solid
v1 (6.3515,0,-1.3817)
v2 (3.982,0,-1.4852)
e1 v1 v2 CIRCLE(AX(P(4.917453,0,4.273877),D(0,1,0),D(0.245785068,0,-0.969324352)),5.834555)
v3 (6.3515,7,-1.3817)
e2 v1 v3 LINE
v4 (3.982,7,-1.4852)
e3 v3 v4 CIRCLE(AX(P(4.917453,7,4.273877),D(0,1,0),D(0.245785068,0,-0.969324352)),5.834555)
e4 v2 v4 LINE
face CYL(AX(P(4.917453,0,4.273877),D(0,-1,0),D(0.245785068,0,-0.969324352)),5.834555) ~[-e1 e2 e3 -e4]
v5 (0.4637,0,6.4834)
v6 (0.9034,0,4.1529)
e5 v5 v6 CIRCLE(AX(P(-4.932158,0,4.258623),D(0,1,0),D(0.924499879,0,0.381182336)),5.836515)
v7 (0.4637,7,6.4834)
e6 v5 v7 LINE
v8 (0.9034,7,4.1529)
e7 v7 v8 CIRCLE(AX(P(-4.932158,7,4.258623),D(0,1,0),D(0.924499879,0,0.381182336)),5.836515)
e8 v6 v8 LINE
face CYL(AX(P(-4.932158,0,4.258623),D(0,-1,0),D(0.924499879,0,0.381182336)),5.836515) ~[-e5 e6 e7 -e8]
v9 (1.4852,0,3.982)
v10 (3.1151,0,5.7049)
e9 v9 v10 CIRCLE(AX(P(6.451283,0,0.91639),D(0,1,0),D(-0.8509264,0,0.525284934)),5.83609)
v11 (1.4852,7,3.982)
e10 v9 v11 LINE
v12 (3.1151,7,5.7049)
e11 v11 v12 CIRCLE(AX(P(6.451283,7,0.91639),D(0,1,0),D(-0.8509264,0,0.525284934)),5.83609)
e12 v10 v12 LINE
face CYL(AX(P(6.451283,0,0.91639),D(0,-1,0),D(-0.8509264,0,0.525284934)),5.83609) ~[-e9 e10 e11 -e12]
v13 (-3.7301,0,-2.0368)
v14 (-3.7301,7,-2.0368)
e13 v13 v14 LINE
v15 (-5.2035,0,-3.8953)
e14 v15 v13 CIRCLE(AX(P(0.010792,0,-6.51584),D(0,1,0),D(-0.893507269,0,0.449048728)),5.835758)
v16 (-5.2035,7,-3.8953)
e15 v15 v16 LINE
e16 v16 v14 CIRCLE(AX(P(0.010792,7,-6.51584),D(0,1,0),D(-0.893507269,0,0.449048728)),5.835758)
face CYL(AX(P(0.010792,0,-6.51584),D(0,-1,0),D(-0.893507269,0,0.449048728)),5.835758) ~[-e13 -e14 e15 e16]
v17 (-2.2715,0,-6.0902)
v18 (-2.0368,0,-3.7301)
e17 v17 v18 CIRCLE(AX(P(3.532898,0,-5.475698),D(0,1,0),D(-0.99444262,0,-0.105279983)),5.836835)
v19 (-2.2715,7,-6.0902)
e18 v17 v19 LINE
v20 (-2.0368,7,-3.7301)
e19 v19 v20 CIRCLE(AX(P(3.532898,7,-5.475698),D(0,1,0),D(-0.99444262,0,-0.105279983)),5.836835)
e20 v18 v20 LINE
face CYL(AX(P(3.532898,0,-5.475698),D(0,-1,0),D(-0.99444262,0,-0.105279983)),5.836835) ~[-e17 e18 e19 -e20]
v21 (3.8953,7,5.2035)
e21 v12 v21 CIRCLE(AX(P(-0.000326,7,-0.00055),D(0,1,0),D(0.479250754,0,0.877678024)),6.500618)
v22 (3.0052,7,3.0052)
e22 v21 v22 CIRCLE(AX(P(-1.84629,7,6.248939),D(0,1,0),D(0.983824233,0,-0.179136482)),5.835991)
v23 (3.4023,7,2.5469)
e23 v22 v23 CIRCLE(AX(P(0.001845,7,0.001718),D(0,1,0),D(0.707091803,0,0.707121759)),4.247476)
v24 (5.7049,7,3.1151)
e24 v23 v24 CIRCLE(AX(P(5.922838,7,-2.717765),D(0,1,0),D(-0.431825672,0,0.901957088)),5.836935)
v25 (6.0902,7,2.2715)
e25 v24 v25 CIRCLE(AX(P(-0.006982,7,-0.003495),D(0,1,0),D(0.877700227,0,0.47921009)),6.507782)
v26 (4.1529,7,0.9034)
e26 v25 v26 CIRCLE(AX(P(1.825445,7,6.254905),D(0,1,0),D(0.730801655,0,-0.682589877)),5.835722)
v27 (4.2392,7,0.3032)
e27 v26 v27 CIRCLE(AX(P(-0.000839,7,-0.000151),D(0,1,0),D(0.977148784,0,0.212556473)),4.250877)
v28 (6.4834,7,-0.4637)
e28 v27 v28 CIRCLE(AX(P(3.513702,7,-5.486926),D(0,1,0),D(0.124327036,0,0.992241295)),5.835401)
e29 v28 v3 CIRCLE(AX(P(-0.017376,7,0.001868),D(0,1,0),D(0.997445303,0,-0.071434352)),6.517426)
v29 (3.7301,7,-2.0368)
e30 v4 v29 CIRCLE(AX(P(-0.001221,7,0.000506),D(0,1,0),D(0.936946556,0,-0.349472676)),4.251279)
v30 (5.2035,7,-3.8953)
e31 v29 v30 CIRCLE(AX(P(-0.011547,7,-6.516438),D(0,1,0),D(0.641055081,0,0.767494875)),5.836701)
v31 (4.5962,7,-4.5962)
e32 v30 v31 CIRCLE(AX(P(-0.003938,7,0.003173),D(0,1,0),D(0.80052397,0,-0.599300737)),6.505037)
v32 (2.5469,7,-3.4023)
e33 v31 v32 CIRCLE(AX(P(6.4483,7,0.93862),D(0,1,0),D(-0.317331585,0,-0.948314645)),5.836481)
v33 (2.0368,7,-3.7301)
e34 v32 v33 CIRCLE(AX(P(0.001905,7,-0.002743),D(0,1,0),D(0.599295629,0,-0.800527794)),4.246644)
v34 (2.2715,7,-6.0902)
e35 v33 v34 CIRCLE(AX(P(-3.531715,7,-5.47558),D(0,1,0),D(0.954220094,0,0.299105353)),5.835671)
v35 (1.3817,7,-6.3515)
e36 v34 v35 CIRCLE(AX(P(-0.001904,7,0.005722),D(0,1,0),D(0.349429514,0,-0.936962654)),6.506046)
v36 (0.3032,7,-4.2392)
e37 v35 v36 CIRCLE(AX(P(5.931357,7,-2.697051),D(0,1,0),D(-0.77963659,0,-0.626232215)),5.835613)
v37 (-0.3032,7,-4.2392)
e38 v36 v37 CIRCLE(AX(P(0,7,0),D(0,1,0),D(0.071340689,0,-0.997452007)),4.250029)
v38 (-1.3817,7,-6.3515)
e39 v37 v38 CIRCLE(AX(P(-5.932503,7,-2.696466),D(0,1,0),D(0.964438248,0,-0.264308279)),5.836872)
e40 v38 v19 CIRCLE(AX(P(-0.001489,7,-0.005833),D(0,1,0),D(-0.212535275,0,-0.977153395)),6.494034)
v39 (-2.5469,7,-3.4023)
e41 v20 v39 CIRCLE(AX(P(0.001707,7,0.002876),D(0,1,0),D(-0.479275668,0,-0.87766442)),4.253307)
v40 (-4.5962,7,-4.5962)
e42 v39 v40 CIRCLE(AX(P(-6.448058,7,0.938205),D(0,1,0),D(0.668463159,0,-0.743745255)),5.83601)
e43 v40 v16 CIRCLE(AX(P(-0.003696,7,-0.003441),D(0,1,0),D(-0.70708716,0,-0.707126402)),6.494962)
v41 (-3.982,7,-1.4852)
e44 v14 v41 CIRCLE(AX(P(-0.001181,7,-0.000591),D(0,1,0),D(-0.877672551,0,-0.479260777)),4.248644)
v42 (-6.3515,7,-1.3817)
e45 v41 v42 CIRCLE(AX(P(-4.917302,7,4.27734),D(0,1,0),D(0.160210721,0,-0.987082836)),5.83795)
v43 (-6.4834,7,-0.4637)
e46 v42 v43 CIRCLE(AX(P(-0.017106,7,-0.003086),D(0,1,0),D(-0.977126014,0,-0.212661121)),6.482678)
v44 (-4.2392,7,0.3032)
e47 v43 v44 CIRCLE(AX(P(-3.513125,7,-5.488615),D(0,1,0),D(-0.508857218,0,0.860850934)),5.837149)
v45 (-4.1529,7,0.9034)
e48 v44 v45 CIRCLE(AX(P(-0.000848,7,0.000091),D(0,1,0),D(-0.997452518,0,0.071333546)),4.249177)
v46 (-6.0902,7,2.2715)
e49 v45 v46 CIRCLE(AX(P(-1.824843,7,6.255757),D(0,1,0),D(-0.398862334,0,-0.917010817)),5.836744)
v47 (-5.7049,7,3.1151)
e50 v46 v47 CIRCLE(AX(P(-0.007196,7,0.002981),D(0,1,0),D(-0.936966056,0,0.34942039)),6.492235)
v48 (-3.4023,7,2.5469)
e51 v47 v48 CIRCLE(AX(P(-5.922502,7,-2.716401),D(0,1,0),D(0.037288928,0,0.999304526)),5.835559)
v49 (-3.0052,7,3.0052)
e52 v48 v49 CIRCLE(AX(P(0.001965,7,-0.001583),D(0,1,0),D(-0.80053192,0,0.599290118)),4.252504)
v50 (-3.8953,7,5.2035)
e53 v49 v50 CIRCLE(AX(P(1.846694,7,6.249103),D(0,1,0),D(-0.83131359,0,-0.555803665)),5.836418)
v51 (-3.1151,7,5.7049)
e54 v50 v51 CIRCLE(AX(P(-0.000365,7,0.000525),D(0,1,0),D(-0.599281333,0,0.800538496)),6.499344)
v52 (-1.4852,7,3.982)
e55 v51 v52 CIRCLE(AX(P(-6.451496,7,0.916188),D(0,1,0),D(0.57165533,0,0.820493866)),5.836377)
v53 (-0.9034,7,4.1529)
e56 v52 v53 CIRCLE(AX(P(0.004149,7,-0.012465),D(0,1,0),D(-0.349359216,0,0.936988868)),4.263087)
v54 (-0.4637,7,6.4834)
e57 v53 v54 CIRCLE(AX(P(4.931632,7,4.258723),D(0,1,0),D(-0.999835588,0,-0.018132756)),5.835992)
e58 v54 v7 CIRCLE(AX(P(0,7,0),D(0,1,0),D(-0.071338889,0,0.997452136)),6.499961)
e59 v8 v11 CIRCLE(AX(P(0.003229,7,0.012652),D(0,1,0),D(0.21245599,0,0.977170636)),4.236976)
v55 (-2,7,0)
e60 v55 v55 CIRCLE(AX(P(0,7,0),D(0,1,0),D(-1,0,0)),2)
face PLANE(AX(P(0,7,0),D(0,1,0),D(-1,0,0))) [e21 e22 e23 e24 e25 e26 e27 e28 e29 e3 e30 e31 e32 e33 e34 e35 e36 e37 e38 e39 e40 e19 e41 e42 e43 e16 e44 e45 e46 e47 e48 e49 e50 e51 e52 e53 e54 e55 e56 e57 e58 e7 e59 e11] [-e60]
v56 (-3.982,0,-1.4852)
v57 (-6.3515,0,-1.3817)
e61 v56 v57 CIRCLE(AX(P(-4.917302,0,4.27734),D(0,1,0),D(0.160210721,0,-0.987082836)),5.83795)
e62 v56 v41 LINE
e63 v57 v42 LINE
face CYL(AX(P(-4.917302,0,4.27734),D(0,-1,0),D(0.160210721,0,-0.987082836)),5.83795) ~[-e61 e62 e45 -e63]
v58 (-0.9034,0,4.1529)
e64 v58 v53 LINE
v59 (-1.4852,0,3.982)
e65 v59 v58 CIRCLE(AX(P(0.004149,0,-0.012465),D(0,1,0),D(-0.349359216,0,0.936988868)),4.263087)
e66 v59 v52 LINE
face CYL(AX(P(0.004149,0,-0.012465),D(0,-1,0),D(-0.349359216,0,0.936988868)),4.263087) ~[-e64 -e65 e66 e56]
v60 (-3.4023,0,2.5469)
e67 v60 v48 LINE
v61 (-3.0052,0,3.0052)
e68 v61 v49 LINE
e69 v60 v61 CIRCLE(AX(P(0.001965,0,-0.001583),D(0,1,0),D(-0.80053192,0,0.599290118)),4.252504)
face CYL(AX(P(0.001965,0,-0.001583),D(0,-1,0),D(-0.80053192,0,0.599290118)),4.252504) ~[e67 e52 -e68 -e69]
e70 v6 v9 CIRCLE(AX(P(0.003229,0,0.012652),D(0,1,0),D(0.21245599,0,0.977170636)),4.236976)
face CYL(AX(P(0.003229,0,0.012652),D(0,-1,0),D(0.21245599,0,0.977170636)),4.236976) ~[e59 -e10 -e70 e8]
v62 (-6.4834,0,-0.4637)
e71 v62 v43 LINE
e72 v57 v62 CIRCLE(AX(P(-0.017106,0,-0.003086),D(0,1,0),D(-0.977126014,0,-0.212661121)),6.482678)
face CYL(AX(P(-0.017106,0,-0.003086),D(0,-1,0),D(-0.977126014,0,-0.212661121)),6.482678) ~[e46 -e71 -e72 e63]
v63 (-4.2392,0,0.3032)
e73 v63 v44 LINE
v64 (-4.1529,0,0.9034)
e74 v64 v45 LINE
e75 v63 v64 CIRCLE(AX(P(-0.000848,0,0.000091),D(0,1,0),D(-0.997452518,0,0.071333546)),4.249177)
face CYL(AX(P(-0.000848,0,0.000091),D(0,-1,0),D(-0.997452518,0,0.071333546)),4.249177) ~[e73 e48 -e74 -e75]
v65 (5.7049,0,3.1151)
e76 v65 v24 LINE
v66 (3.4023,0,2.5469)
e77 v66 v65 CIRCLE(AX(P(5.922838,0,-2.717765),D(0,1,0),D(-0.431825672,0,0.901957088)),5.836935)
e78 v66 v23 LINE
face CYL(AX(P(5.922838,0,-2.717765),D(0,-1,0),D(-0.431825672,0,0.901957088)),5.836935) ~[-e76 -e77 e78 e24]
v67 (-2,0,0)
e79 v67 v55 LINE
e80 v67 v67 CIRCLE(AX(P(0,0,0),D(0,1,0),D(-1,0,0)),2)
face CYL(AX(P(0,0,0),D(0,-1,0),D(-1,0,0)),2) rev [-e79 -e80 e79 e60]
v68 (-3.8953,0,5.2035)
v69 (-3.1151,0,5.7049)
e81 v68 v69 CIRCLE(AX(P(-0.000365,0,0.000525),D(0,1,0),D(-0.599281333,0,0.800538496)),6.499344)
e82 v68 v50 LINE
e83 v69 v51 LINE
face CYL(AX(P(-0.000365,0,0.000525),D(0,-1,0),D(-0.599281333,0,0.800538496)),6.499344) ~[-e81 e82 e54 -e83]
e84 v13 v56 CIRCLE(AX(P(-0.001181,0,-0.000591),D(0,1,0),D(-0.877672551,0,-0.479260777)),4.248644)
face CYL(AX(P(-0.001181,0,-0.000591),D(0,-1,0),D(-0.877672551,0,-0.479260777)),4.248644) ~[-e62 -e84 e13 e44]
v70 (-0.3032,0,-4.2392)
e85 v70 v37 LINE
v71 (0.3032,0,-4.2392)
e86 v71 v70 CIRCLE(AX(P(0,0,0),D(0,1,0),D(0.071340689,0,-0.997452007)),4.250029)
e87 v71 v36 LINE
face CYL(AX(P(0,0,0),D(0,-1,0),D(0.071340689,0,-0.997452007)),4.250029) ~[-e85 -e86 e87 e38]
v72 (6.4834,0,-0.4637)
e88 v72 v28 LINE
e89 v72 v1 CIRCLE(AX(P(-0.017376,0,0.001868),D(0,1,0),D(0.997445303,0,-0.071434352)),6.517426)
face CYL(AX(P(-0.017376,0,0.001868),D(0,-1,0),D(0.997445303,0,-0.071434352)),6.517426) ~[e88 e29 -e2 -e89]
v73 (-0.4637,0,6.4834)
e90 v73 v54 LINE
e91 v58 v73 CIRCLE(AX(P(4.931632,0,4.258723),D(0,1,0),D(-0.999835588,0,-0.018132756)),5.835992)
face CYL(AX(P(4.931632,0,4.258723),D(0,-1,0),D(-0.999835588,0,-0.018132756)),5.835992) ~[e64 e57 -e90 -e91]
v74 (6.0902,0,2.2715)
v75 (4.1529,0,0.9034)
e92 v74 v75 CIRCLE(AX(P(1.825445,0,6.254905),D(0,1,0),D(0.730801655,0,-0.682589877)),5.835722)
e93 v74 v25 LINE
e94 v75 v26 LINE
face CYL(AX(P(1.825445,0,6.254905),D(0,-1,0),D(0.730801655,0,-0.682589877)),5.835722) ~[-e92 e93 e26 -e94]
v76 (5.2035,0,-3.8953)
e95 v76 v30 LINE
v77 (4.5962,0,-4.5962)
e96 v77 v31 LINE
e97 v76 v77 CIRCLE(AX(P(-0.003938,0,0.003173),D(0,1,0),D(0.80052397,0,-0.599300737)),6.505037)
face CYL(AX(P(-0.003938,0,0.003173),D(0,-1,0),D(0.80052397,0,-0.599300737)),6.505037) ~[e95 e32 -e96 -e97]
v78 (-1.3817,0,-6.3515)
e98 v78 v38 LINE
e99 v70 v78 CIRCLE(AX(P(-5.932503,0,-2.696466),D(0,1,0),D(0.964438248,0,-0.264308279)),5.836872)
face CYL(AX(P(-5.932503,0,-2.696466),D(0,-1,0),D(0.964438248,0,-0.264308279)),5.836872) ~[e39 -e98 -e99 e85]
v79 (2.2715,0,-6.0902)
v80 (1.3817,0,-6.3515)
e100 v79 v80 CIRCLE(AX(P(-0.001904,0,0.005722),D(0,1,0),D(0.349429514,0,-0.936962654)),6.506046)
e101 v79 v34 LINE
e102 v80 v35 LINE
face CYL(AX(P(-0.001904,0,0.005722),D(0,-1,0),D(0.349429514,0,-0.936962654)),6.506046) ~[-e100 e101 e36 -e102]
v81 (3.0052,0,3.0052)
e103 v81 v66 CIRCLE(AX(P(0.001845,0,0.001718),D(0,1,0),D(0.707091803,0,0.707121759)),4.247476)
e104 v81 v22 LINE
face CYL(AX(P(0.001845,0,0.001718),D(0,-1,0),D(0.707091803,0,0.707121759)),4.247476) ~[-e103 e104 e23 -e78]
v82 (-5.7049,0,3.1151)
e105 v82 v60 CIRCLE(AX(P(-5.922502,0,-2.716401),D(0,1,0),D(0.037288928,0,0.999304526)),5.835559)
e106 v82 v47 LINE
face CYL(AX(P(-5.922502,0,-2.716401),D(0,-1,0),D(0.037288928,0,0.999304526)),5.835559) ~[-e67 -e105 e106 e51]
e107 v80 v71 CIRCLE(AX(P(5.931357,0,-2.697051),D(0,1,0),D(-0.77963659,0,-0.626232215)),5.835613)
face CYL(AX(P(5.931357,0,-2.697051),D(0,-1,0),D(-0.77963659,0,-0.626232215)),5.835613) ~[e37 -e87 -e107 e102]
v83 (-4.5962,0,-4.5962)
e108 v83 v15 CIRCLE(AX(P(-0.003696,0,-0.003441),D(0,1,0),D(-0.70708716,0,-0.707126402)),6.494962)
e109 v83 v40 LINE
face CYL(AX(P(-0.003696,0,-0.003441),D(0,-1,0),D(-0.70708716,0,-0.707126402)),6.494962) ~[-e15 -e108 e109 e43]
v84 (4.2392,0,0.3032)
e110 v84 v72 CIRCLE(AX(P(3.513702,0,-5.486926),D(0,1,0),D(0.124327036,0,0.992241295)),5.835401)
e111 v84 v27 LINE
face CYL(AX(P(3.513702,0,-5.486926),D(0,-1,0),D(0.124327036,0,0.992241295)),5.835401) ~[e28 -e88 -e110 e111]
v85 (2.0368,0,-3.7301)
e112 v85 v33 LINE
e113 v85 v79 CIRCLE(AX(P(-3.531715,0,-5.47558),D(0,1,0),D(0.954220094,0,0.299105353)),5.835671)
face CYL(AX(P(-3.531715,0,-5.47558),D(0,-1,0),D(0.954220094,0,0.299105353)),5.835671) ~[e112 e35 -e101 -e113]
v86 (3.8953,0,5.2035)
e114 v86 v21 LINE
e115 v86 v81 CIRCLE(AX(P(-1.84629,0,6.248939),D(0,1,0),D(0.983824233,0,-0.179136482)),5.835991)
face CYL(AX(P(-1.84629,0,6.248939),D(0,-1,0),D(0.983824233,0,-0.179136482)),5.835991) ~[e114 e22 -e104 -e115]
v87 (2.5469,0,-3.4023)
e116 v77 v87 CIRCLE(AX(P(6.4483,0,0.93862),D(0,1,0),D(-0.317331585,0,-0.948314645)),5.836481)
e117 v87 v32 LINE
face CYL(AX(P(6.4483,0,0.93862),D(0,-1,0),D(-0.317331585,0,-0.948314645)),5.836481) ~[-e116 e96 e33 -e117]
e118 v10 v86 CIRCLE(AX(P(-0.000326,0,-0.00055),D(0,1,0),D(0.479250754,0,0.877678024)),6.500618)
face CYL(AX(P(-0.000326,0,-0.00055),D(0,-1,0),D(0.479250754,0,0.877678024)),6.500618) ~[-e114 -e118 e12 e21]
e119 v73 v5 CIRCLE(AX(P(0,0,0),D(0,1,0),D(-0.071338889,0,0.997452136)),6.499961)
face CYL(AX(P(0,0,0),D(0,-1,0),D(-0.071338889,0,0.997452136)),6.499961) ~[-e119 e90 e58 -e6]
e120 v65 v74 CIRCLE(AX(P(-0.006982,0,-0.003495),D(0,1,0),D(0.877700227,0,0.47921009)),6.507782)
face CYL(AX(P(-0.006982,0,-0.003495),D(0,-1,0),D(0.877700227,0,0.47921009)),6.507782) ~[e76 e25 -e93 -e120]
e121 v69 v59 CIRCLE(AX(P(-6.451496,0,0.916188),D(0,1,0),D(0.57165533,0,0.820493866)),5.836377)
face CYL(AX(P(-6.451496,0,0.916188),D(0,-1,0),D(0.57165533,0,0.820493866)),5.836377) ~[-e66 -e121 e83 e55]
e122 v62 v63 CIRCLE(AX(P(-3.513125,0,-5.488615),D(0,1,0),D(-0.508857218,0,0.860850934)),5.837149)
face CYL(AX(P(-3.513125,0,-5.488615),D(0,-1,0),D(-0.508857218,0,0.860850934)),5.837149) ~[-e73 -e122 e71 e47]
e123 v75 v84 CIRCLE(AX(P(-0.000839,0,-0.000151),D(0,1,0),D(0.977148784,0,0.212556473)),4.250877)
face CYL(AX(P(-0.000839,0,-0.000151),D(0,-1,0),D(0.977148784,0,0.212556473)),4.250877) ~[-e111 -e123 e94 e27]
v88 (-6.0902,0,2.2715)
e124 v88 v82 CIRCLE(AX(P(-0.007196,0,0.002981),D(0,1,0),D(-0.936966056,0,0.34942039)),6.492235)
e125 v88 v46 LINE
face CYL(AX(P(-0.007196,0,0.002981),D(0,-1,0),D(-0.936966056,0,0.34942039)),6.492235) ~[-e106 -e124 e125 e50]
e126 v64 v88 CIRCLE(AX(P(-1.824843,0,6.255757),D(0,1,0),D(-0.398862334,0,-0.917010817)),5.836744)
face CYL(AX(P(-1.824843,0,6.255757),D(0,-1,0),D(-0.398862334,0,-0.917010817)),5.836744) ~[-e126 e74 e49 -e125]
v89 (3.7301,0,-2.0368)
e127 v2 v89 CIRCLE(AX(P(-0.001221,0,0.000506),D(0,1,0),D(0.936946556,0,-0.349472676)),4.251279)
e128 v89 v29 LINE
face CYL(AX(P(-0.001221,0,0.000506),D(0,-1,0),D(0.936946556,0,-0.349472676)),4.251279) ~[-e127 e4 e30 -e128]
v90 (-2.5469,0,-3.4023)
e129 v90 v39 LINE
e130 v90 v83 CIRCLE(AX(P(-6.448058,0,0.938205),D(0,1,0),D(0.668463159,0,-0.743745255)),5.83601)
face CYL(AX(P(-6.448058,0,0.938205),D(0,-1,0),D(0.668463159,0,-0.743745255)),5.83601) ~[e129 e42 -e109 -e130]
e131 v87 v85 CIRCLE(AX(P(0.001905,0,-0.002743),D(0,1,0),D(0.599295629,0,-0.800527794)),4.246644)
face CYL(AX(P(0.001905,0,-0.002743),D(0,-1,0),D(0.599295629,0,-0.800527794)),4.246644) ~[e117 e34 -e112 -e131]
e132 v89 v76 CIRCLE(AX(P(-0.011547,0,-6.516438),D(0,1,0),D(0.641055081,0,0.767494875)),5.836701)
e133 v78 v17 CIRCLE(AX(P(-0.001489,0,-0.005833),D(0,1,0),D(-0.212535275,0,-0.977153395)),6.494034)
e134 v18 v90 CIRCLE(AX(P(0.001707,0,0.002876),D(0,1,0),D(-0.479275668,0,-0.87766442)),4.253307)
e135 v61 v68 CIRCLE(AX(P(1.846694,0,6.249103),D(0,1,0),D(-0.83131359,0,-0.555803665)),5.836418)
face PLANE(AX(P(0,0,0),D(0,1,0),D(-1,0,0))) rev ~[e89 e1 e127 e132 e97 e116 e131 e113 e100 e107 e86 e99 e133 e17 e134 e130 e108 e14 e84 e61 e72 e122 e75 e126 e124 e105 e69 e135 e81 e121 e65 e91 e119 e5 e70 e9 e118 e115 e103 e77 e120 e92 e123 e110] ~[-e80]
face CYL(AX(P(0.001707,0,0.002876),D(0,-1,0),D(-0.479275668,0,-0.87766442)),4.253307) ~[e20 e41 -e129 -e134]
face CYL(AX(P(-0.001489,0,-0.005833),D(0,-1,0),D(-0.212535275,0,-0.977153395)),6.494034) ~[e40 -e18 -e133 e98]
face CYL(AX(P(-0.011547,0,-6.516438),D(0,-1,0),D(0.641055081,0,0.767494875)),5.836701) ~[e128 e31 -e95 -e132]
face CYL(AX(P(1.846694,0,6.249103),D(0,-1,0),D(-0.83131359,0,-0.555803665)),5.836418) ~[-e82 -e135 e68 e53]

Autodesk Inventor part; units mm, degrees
ref_plane "YZ Plane" through (0, 0, 0) normal (1, 0, 0) x (0, 1, 0)
ref_plane "XZ Plane" through (0, 0, 0) normal (0, 1, 0) x (-1, 0, 0)
ref_plane "XY Plane" through (0, 0, 0) normal (0, 0, 1) x (1, 0, 0)
sketch "Эскиз1" plane through (0, 0, 0) normal (0, 1, 0) x (-1, 0, 0)
  circle A0 centre (0, 0) radius 2
  arc A1 (-3.8953, 5.2035) -> (-3.0052, 3.0052) centre (1.8465, 6.249) ccw
  arc A2 (-3.0052, 3.0052) -> (-3.4023, 2.5469) centre (0, 0) ccw
  arc A3 (-3.4023, 2.5469) -> (-5.7049, 3.1151) centre (-5.9226, -2.7171) ccw
  arc A4 (-5.7049, 3.1151) -> (-6.0902, 2.2715) centre (0, 0) ccw
  arc A5 (-6.0902, 2.2715) -> (-4.1529, 0.9034) centre (-1.8251, 6.2553) ccw
  arc A6 (-4.1529, 0.9034) -> (-4.2392, 0.3032) centre (0, 0) ccw
  arc A7 (-4.2392, 0.3032) -> (-6.4834, -0.4637) centre (-3.5135, -5.4878) ccw
  arc A8 (-6.4834, -0.4637) -> (-6.3515, -1.3817) centre (0, 0) ccw
  arc A9 (-6.3515, -1.3817) -> (-3.982, -1.4852) centre (-4.9172, 4.2756) ccw
  arc A10 (-3.982, -1.4852) -> (-3.7301, -2.0368) centre (0, 0) ccw
  arc A11 (-3.7301, -2.0368) -> (-5.2035, -3.8953) centre (0.0112, -6.5161) ccw
  arc A12 (-5.2035, -3.8953) -> (-4.5962, -4.5962) centre (0, 0) ccw
  arc A13 (-4.5962, -4.5962) -> (-2.5469, -3.4023) centre (-6.4482, 0.9384) ccw
  arc A14 (-2.5469, -3.4023) -> (-2.0368, -3.7301) centre (0, 0) ccw
  arc A15 (-2.0368, -3.7301) -> (-2.2715, -6.0902) centre (3.5323, -5.4757) ccw
  arc A16 (-2.2715, -6.0902) -> (-1.3817, -6.3515) centre (0, 0) ccw
  arc A17 (-1.3817, -6.3515) -> (-0.3032, -4.2392) centre (-5.9319, -2.6967) ccw
  arc A18 (-0.3032, -4.2392) -> (0.3032, -4.2392) centre (0, 0) ccw
  arc A19 (0.3032, -4.2392) -> (1.3817, -6.3515) centre (5.9319, -2.6967) ccw
  arc A20 (1.3817, -6.3515) -> (2.2715, -6.0902) centre (0, 0) ccw
  arc A21 (2.2715, -6.0902) -> (2.0368, -3.7301) centre (-3.5323, -5.4757) ccw
  arc A22 (2.0368, -3.7301) -> (2.5469, -3.4023) centre (0, 0) ccw
  arc A23 (2.5469, -3.4023) -> (4.5962, -4.5962) centre (6.4482, 0.9384) ccw
  arc A24 (4.5962, -4.5962) -> (5.2035, -3.8953) centre (0, 0) ccw
  arc A25 (5.2035, -3.8953) -> (3.7301, -2.0368) centre (-0.0112, -6.5161) ccw
  arc A26 (3.7301, -2.0368) -> (3.982, -1.4852) centre (0, 0) ccw
  arc A27 (3.982, -1.4852) -> (6.3515, -1.3817) centre (4.9172, 4.2756) ccw
  arc A28 (6.3515, -1.3817) -> (6.4834, -0.4637) centre (0, 0) ccw
  arc A29 (6.4834, -0.4637) -> (4.2392, 0.3032) centre (3.5135, -5.4878) ccw
  arc A30 (4.2392, 0.3032) -> (4.1529, 0.9034) centre (0, 0) ccw
  arc A31 (4.1529, 0.9034) -> (6.0902, 2.2715) centre (1.8251, 6.2553) ccw
  arc A32 (6.0902, 2.2715) -> (5.7049, 3.1151) centre (0, 0) ccw
  arc A33 (5.7049, 3.1151) -> (3.4023, 2.5469) centre (5.9226, -2.7171) ccw
  arc A34 (3.4023, 2.5469) -> (3.0052, 3.0052) centre (0, 0) ccw
  arc A35 (3.0052, 3.0052) -> (3.8953, 5.2035) centre (-1.8465, 6.249) ccw
  arc A36 (3.8953, 5.2035) -> (3.1151, 5.7049) centre (0, 0) ccw
  arc A37 (3.1151, 5.7049) -> (1.4852, 3.982) centre (6.4514, 0.9163) ccw
  arc A38 (1.4852, 3.982) -> (0.9034, 4.1529) centre (0, 0) ccw
  arc A39 (0.9034, 4.1529) -> (0.4637, 6.4834) centre (-4.9319, 4.2587) ccw
  arc A40 (0.4637, 6.4834) -> (-0.4637, 6.4834) centre (0, 0) ccw
  arc A41 (-0.4637, 6.4834) -> (-0.9034, 4.1529) centre (4.9319, 4.2587) ccw
  arc A42 (-0.9034, 4.1529) -> (-1.4852, 3.982) centre (0, 0) ccw
  arc A43 (-1.4852, 3.982) -> (-3.1151, 5.7049) centre (-6.4514, 0.9163) ccw
  arc A44 (-3.1151, 5.7049) -> (-3.8953, 5.2035) centre (0, 0) ccw
extrude "Выдавливание1" add sketch "Эскиз1" along normal blind 7
properties part number "motor gear"
